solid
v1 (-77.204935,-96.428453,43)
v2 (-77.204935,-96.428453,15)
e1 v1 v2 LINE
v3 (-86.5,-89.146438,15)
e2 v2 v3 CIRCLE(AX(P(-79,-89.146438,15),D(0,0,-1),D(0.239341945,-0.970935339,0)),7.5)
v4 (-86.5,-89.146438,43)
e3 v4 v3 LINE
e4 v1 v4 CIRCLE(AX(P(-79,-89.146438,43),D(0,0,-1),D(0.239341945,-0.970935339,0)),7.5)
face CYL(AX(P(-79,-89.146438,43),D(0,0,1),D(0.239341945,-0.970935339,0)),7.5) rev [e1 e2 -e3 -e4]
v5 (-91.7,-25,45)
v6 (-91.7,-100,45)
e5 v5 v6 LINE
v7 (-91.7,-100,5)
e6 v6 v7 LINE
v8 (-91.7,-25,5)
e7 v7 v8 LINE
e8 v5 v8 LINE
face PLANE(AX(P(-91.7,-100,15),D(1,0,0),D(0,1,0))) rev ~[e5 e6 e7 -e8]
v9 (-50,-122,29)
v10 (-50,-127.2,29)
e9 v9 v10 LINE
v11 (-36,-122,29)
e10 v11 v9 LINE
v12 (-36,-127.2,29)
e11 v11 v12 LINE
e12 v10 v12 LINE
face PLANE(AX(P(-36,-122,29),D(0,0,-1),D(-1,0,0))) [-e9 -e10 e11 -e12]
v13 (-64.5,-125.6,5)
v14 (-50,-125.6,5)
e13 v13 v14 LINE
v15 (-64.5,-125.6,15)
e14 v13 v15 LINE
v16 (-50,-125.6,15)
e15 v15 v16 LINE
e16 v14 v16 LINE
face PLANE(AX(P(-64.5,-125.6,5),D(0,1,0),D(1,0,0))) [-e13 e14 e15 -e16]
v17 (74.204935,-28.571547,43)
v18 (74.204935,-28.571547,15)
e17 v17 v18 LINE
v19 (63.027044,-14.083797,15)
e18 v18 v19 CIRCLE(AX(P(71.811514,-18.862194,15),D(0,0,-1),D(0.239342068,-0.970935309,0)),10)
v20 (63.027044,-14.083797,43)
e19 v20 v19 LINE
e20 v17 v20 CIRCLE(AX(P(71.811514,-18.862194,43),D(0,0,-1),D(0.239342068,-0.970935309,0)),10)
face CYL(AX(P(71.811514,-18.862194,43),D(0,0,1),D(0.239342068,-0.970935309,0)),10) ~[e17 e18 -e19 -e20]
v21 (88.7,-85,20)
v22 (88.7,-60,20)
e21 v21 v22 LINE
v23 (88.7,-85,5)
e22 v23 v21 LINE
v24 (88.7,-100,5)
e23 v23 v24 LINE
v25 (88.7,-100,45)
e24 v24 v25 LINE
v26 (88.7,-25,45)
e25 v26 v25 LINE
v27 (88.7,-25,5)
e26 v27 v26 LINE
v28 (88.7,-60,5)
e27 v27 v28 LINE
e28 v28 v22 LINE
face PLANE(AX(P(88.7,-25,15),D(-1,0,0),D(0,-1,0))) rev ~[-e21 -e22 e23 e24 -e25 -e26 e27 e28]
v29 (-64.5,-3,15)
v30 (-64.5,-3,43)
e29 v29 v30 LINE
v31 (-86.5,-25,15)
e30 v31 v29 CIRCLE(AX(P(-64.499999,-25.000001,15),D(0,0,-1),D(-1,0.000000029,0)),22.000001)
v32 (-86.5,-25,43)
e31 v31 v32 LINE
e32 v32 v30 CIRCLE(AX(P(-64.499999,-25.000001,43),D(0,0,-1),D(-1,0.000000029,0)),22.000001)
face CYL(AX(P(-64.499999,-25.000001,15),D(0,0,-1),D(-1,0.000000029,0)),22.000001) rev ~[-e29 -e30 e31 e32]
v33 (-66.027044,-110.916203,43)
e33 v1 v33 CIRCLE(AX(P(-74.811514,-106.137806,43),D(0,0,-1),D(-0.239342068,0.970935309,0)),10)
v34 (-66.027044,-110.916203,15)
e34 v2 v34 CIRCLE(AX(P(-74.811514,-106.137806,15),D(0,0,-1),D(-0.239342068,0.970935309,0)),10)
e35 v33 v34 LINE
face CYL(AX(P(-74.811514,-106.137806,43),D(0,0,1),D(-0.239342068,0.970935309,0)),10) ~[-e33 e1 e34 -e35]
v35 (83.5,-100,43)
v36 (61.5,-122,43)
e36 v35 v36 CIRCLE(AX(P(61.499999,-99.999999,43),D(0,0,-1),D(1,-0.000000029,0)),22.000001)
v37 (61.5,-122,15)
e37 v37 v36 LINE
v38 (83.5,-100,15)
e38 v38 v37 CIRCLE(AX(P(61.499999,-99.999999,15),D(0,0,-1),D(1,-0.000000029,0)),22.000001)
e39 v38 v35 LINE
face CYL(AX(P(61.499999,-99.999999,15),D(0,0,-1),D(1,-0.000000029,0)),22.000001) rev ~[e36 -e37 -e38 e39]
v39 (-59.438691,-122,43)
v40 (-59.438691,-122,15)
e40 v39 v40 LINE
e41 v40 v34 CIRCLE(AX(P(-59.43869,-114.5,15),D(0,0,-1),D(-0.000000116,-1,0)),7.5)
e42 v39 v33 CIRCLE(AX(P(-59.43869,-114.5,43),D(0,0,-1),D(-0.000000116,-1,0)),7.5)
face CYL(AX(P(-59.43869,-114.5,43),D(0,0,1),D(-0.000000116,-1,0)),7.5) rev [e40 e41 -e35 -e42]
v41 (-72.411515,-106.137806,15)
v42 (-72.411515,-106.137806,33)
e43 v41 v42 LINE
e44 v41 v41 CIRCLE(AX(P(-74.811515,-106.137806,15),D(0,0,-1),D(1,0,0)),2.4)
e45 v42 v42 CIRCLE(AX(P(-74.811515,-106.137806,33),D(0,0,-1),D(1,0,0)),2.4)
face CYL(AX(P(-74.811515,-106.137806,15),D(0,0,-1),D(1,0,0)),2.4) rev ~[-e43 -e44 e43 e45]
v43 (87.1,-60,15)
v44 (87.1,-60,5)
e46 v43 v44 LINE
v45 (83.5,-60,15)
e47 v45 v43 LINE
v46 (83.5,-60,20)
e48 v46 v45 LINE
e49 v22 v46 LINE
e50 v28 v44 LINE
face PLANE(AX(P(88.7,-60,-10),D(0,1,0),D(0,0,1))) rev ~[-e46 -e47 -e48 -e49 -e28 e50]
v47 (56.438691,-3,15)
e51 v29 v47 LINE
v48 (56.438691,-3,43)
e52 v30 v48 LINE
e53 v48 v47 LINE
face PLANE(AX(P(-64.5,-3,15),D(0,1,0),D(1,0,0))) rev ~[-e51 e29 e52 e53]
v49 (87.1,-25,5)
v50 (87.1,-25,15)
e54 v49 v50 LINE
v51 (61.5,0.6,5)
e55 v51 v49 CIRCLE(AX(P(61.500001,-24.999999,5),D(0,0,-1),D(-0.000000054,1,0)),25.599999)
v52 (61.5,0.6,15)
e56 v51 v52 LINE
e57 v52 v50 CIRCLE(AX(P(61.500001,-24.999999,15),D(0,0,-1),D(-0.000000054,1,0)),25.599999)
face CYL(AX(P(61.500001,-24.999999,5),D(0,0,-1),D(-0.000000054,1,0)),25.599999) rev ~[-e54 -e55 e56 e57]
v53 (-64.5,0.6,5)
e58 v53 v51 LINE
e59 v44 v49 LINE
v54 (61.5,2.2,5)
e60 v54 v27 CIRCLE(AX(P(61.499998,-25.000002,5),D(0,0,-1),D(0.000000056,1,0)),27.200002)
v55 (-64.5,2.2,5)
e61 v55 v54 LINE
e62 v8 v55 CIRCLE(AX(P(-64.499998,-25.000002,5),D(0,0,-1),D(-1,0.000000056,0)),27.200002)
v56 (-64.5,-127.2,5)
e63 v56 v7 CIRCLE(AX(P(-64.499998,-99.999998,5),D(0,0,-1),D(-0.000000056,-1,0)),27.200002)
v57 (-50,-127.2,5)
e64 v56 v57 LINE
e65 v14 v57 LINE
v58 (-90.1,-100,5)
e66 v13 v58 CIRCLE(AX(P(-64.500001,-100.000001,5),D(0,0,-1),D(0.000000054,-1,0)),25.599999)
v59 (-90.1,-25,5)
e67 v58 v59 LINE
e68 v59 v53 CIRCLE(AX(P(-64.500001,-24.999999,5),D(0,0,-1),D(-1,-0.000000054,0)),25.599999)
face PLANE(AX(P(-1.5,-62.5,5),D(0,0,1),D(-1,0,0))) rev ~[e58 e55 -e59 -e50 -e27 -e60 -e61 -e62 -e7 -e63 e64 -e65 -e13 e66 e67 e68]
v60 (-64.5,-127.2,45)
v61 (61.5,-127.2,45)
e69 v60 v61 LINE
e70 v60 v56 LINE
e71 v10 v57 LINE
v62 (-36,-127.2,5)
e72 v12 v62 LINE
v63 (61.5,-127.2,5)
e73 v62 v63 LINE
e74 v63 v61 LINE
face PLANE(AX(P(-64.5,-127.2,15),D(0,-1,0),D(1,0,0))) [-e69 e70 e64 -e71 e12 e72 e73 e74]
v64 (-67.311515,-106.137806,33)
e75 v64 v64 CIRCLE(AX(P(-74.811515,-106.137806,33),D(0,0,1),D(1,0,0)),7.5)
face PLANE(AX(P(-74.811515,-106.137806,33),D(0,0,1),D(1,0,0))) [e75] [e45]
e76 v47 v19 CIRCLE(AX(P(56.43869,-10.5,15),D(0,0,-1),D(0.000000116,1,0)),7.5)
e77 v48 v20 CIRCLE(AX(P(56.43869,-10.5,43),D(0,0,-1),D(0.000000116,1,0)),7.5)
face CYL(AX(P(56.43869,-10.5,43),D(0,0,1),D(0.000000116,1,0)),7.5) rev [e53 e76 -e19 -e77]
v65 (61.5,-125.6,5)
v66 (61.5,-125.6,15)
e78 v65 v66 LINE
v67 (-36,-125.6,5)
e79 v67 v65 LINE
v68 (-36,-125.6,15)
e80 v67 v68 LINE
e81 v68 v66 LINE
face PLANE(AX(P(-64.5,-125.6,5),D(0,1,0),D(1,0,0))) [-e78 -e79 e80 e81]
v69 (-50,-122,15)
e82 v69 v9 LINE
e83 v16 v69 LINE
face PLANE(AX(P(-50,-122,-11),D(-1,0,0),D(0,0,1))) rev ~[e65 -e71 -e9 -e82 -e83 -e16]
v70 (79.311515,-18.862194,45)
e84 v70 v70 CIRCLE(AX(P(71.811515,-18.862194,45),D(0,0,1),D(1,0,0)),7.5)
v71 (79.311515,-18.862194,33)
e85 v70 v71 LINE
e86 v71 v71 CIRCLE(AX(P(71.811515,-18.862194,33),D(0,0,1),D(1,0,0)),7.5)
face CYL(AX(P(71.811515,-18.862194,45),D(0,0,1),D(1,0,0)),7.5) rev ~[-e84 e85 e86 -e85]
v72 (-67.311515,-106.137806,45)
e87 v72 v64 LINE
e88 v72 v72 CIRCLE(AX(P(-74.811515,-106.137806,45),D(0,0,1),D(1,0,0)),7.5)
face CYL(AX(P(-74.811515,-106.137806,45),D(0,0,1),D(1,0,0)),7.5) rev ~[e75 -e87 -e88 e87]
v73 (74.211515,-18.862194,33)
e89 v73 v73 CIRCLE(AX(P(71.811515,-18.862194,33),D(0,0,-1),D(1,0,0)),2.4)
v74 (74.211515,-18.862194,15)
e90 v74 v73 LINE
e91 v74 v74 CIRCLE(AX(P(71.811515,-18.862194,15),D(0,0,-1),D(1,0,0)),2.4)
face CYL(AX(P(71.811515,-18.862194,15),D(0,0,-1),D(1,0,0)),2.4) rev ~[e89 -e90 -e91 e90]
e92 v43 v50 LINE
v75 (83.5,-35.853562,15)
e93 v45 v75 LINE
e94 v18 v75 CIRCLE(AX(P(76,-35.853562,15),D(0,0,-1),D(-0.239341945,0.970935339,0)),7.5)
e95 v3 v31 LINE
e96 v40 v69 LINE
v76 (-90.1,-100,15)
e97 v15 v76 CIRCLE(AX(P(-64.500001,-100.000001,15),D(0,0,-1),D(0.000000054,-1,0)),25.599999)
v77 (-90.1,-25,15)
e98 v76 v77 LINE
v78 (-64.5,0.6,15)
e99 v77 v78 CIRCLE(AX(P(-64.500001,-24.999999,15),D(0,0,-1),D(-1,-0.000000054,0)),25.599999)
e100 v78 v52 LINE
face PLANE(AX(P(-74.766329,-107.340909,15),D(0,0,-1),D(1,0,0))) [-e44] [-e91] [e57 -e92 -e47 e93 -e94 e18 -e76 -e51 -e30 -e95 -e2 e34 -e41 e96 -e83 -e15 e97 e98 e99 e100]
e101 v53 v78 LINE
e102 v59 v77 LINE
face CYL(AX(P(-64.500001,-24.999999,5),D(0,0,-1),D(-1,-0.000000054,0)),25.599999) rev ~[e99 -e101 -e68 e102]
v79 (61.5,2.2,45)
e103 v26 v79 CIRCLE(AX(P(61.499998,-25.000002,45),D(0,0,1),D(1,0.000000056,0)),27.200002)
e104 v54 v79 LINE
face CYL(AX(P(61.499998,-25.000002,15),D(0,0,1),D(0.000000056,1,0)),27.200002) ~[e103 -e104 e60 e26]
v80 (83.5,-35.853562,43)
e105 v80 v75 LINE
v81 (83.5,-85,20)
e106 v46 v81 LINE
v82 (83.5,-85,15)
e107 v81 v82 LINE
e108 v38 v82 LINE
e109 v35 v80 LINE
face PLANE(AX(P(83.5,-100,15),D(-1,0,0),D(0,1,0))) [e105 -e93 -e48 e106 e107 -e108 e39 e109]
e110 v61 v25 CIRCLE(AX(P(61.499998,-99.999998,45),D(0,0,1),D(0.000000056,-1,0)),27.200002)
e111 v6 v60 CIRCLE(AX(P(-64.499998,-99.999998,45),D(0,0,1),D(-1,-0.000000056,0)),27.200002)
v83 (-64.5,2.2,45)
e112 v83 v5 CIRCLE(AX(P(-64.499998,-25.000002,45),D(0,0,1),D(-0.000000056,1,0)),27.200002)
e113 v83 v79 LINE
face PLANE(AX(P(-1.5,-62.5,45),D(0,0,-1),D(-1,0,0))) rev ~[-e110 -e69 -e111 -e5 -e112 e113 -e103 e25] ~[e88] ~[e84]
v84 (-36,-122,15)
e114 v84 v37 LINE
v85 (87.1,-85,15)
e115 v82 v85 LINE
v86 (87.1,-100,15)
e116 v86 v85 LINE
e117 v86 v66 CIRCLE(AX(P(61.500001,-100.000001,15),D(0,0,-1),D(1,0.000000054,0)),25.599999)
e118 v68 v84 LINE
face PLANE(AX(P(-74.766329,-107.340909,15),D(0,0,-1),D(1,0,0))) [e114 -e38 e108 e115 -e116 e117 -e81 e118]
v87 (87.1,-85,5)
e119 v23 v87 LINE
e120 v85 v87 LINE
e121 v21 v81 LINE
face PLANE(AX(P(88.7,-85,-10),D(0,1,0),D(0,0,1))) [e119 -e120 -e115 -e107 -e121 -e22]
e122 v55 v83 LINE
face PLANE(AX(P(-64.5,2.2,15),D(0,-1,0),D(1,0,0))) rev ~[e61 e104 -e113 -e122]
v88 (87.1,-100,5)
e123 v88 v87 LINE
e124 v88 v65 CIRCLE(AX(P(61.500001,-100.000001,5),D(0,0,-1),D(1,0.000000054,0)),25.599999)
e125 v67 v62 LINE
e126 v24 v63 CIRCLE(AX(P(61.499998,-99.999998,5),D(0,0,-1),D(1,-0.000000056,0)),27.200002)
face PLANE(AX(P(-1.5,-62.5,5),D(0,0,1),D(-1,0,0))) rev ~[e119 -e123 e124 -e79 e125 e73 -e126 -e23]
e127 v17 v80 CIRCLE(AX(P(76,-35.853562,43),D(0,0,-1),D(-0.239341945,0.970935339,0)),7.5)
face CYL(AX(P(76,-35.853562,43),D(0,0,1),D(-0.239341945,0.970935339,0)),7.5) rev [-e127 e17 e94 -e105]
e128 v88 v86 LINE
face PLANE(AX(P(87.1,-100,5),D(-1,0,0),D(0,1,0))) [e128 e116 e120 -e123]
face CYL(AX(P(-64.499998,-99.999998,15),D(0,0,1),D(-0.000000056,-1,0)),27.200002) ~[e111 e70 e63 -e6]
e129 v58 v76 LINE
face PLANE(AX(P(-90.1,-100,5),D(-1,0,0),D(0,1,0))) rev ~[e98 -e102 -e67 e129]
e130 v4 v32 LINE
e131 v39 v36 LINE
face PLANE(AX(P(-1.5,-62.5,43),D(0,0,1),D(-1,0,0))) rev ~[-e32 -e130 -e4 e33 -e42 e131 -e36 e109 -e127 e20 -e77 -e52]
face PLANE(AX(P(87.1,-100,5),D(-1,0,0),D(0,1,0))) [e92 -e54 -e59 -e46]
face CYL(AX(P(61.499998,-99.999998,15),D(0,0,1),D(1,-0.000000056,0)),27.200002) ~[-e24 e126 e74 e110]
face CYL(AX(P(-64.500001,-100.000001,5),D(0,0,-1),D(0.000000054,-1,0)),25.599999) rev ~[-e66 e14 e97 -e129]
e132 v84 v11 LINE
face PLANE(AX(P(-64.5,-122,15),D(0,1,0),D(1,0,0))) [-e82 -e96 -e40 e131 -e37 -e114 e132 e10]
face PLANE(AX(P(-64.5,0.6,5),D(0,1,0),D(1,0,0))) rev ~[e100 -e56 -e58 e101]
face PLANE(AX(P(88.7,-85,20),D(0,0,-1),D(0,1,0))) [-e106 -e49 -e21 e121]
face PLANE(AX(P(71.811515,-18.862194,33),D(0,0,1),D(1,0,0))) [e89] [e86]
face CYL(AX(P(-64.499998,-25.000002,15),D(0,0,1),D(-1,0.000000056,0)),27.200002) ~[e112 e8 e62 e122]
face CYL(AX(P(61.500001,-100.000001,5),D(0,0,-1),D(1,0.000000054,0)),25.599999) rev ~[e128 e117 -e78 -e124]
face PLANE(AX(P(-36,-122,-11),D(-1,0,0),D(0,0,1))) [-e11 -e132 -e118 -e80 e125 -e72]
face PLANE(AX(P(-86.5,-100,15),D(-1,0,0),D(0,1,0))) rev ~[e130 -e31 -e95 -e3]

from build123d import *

# Parameters (mm, degrees)
PAD002_DEPTH    = 30
PAD003_DEPTH    = 10
POCKET011_DEPTH = 10
POCKET012_DEPTH = 28
PAD004_DEPTH    = 28
SKETCH018_R     = 2.4
POCKET013_DEPTH = 30.001
SKETCH019_R     = 7.5
POCKET014_DEPTH = 12
SKETCH020_W     = 14
SKETCH020_H     = 40
POCKET015_DEPTH = 5.201
SKETCH021_W     = 25
SKETCH021_H     = 30
POCKET016_DEPTH = 10


with BuildPart() as part:
    # Sketch013 (on Face25 of Binder) → Pad002 (new body)
    with BuildSketch(Plane.XY.offset(15)):
        with BuildLine():
            Line((-64.5, 2.2), (61.5, 2.2))
            ThreePointArc((88.7, -25), (80.733304, -5.766696), (61.5, 2.2))
            Line((88.7, -25), (88.7, -100))
            ThreePointArc((61.5, -127.2), (80.733304, -119.233304), (88.7, -100))
            Line((-64.5, -127.2), (61.5, -127.2))
            ThreePointArc((-91.7, -100), (-83.733304, -119.233304), (-64.5, -127.2))
            Line((-91.7, -25), (-91.7, -100))
            ThreePointArc((-64.5, 2.2), (-83.733304, -5.766696), (-91.7, -25))
        make_face()
    extrude(amount=PAD002_DEPTH)

    # Sketch014 (on Face9 of Pad002) → Pad003 (join)
    with BuildSketch(Plane(origin=(0, 0, 15), x_dir=(1, 0, 0), z_dir=(0, 0, -1))):
        with BuildLine():
            Line((-64.5, 127.2), (61.5, 127.2))
            ThreePointArc((88.7, 100), (80.733304, 119.233304), (61.5, 127.2))
            Line((88.7, 25), (88.7, 100))
            ThreePointArc((61.5, -2.2), (80.733304, 5.766696), (88.7, 25))
            Line((-64.5, -2.2), (61.5, -2.2))
            ThreePointArc((-91.7, 25), (-83.733304, 5.766696), (-64.5, -2.2))
            Line((-91.7, 100), (-91.7, 25))
            ThreePointArc((-64.5, 127.2), (-83.733304, 119.233304), (-91.7, 100))
        make_face()
    extrude(amount=PAD003_DEPTH)

    # Sketch015 (on Face10 of Pad003) → Pocket011 (cut)
    with BuildSketch(Plane(origin=(0, 0, 5), x_dir=(1, 0, 0), z_dir=(0, 0, -1))):
        with BuildLine():
            Line((-64.5, 125.6), (61.5, 125.6))
            ThreePointArc((87.1, 100), (79.601934, 118.101934), (61.5, 125.6))
            Line((87.1, 100), (87.1, 25))
            ThreePointArc((61.5, -0.6), (79.601934, 6.898066), (87.1, 25))
            Line((-64.5, -0.6), (61.5, -0.6))
            ThreePointArc((-90.1, 25), (-82.601934, 6.898066), (-64.5, -0.6))
            Line((-90.1, 100), (-90.1, 25))
            ThreePointArc((-64.5, 125.6), (-82.601934, 118.101934), (-90.1, 100))
        make_face()
    extrude(amount=-POCKET011_DEPTH, mode=Mode.SUBTRACT)

    # Sketch016 (on Face27 of Pocket011) → Pocket012 (cut)
    with BuildSketch(Plane(origin=(0, 0, 15), x_dir=(1, 0, 0), z_dir=(0, 0, -1))):
        with BuildLine():
            Line((-64.5, 122), (61.5, 122))
            ThreePointArc((83.5, 100), (77.056349, 115.556349), (61.5, 122))
            Line((83.5, 100), (83.5, 25))
            ThreePointArc((61.5, 3), (77.056349, 9.443651), (83.5, 25))
            Line((-64.5, 3), (61.5, 3))
            ThreePointArc((-86.5, 25), (-80.056349, 9.443651), (-64.5, 3))
            Line((-86.5, 100), (-86.5, 25))
            ThreePointArc((-64.5, 122), (-80.056349, 115.556349), (-86.5, 100))
        make_face()
    extrude(amount=-POCKET012_DEPTH, mode=Mode.SUBTRACT)

    # Sketch017 (on Face36 of Pocket012) → Pad004 (join)
    with BuildSketch(Plane(origin=(0, 0, 43), x_dir=(1, 0, 0), z_dir=(0, 0, -1))):
        with BuildLine():
            ThreePointArc((-64.5, 122), (-80.056349, 115.556349), (-86.5, 100))
            Line((-86.5, 100), (-86.5, 89.146438))
            ThreePointArc((-77.204935, 96.428453), (-83.625311, 95.050377), (-86.5, 89.146438))
            ThreePointArc((-77.204935, 96.428453), (-66.894122, 100.029214), (-66.027044, 110.916203))
            ThreePointArc((-59.438691, 122), (-65.885724, 118.3322), (-66.027044, 110.916203))
            Line((-64.5, 122), (-59.438691, 122))
        make_face()
        with BuildLine():
            ThreePointArc((61.5, 3), (77.056349, 9.443651), (83.5, 25))
            Line((83.5, 35.853562), (83.5, 25))
            ThreePointArc((74.204935, 28.571547), (80.625311, 29.949623), (83.5, 35.853562))
            ThreePointArc((74.204935, 28.571547), (63.894122, 24.970786), (63.027044, 14.083797))
            ThreePointArc((56.438691, 3), (62.885724, 6.6678), (63.027044, 14.083797))
            Line((56.438691, 3), (61.5, 3))
        make_face()
    extrude(amount=PAD004_DEPTH)

    # Sketch018 (on Face28 of Pad004) → Pocket013 (cut, through all)
    with BuildSketch(Plane(origin=(0, 0, 15), x_dir=(1, 0, 0), z_dir=(0, 0, -1))):
        with Locations((-74.811515, 106.137806)):
            Circle(SKETCH018_R)
        with Locations((71.811515, 18.862194)):
            Circle(SKETCH018_R)
    extrude(amount=-POCKET013_DEPTH, mode=Mode.SUBTRACT)

    # Sketch019 (on Face5 of Pocket013) → Pocket014 (cut)
    with BuildSketch(Plane.XY.offset(45)):
        with Locations((71.811515, -18.862194)):
            Circle(SKETCH019_R)
        with Locations((-74.811515, -106.137806)):
            Circle(SKETCH019_R)
    extrude(amount=-POCKET014_DEPTH, mode=Mode.SUBTRACT)

    # Sketch020 (on Face35 of Pocket014) → Pocket015 (cut, through all)
    with BuildSketch(Plane(origin=(0, -122, 0), x_dir=(-1, 0, 0), z_dir=(0, 1, 0))):
        with Locations((43, 9)):
            Rectangle(SKETCH020_W, SKETCH020_H)
    extrude(amount=-POCKET015_DEPTH, mode=Mode.SUBTRACT)

    # Sketch021 (on Face11 of Pocket015) → Pocket016 (cut)
    with BuildSketch(Plane.YZ.offset(88.7)):
        with Locations((-72.5, 5)):
            Rectangle(SKETCH021_W, SKETCH021_H)
    extrude(amount=-POCKET016_DEPTH, mode=Mode.SUBTRACT)


solid = part.part
